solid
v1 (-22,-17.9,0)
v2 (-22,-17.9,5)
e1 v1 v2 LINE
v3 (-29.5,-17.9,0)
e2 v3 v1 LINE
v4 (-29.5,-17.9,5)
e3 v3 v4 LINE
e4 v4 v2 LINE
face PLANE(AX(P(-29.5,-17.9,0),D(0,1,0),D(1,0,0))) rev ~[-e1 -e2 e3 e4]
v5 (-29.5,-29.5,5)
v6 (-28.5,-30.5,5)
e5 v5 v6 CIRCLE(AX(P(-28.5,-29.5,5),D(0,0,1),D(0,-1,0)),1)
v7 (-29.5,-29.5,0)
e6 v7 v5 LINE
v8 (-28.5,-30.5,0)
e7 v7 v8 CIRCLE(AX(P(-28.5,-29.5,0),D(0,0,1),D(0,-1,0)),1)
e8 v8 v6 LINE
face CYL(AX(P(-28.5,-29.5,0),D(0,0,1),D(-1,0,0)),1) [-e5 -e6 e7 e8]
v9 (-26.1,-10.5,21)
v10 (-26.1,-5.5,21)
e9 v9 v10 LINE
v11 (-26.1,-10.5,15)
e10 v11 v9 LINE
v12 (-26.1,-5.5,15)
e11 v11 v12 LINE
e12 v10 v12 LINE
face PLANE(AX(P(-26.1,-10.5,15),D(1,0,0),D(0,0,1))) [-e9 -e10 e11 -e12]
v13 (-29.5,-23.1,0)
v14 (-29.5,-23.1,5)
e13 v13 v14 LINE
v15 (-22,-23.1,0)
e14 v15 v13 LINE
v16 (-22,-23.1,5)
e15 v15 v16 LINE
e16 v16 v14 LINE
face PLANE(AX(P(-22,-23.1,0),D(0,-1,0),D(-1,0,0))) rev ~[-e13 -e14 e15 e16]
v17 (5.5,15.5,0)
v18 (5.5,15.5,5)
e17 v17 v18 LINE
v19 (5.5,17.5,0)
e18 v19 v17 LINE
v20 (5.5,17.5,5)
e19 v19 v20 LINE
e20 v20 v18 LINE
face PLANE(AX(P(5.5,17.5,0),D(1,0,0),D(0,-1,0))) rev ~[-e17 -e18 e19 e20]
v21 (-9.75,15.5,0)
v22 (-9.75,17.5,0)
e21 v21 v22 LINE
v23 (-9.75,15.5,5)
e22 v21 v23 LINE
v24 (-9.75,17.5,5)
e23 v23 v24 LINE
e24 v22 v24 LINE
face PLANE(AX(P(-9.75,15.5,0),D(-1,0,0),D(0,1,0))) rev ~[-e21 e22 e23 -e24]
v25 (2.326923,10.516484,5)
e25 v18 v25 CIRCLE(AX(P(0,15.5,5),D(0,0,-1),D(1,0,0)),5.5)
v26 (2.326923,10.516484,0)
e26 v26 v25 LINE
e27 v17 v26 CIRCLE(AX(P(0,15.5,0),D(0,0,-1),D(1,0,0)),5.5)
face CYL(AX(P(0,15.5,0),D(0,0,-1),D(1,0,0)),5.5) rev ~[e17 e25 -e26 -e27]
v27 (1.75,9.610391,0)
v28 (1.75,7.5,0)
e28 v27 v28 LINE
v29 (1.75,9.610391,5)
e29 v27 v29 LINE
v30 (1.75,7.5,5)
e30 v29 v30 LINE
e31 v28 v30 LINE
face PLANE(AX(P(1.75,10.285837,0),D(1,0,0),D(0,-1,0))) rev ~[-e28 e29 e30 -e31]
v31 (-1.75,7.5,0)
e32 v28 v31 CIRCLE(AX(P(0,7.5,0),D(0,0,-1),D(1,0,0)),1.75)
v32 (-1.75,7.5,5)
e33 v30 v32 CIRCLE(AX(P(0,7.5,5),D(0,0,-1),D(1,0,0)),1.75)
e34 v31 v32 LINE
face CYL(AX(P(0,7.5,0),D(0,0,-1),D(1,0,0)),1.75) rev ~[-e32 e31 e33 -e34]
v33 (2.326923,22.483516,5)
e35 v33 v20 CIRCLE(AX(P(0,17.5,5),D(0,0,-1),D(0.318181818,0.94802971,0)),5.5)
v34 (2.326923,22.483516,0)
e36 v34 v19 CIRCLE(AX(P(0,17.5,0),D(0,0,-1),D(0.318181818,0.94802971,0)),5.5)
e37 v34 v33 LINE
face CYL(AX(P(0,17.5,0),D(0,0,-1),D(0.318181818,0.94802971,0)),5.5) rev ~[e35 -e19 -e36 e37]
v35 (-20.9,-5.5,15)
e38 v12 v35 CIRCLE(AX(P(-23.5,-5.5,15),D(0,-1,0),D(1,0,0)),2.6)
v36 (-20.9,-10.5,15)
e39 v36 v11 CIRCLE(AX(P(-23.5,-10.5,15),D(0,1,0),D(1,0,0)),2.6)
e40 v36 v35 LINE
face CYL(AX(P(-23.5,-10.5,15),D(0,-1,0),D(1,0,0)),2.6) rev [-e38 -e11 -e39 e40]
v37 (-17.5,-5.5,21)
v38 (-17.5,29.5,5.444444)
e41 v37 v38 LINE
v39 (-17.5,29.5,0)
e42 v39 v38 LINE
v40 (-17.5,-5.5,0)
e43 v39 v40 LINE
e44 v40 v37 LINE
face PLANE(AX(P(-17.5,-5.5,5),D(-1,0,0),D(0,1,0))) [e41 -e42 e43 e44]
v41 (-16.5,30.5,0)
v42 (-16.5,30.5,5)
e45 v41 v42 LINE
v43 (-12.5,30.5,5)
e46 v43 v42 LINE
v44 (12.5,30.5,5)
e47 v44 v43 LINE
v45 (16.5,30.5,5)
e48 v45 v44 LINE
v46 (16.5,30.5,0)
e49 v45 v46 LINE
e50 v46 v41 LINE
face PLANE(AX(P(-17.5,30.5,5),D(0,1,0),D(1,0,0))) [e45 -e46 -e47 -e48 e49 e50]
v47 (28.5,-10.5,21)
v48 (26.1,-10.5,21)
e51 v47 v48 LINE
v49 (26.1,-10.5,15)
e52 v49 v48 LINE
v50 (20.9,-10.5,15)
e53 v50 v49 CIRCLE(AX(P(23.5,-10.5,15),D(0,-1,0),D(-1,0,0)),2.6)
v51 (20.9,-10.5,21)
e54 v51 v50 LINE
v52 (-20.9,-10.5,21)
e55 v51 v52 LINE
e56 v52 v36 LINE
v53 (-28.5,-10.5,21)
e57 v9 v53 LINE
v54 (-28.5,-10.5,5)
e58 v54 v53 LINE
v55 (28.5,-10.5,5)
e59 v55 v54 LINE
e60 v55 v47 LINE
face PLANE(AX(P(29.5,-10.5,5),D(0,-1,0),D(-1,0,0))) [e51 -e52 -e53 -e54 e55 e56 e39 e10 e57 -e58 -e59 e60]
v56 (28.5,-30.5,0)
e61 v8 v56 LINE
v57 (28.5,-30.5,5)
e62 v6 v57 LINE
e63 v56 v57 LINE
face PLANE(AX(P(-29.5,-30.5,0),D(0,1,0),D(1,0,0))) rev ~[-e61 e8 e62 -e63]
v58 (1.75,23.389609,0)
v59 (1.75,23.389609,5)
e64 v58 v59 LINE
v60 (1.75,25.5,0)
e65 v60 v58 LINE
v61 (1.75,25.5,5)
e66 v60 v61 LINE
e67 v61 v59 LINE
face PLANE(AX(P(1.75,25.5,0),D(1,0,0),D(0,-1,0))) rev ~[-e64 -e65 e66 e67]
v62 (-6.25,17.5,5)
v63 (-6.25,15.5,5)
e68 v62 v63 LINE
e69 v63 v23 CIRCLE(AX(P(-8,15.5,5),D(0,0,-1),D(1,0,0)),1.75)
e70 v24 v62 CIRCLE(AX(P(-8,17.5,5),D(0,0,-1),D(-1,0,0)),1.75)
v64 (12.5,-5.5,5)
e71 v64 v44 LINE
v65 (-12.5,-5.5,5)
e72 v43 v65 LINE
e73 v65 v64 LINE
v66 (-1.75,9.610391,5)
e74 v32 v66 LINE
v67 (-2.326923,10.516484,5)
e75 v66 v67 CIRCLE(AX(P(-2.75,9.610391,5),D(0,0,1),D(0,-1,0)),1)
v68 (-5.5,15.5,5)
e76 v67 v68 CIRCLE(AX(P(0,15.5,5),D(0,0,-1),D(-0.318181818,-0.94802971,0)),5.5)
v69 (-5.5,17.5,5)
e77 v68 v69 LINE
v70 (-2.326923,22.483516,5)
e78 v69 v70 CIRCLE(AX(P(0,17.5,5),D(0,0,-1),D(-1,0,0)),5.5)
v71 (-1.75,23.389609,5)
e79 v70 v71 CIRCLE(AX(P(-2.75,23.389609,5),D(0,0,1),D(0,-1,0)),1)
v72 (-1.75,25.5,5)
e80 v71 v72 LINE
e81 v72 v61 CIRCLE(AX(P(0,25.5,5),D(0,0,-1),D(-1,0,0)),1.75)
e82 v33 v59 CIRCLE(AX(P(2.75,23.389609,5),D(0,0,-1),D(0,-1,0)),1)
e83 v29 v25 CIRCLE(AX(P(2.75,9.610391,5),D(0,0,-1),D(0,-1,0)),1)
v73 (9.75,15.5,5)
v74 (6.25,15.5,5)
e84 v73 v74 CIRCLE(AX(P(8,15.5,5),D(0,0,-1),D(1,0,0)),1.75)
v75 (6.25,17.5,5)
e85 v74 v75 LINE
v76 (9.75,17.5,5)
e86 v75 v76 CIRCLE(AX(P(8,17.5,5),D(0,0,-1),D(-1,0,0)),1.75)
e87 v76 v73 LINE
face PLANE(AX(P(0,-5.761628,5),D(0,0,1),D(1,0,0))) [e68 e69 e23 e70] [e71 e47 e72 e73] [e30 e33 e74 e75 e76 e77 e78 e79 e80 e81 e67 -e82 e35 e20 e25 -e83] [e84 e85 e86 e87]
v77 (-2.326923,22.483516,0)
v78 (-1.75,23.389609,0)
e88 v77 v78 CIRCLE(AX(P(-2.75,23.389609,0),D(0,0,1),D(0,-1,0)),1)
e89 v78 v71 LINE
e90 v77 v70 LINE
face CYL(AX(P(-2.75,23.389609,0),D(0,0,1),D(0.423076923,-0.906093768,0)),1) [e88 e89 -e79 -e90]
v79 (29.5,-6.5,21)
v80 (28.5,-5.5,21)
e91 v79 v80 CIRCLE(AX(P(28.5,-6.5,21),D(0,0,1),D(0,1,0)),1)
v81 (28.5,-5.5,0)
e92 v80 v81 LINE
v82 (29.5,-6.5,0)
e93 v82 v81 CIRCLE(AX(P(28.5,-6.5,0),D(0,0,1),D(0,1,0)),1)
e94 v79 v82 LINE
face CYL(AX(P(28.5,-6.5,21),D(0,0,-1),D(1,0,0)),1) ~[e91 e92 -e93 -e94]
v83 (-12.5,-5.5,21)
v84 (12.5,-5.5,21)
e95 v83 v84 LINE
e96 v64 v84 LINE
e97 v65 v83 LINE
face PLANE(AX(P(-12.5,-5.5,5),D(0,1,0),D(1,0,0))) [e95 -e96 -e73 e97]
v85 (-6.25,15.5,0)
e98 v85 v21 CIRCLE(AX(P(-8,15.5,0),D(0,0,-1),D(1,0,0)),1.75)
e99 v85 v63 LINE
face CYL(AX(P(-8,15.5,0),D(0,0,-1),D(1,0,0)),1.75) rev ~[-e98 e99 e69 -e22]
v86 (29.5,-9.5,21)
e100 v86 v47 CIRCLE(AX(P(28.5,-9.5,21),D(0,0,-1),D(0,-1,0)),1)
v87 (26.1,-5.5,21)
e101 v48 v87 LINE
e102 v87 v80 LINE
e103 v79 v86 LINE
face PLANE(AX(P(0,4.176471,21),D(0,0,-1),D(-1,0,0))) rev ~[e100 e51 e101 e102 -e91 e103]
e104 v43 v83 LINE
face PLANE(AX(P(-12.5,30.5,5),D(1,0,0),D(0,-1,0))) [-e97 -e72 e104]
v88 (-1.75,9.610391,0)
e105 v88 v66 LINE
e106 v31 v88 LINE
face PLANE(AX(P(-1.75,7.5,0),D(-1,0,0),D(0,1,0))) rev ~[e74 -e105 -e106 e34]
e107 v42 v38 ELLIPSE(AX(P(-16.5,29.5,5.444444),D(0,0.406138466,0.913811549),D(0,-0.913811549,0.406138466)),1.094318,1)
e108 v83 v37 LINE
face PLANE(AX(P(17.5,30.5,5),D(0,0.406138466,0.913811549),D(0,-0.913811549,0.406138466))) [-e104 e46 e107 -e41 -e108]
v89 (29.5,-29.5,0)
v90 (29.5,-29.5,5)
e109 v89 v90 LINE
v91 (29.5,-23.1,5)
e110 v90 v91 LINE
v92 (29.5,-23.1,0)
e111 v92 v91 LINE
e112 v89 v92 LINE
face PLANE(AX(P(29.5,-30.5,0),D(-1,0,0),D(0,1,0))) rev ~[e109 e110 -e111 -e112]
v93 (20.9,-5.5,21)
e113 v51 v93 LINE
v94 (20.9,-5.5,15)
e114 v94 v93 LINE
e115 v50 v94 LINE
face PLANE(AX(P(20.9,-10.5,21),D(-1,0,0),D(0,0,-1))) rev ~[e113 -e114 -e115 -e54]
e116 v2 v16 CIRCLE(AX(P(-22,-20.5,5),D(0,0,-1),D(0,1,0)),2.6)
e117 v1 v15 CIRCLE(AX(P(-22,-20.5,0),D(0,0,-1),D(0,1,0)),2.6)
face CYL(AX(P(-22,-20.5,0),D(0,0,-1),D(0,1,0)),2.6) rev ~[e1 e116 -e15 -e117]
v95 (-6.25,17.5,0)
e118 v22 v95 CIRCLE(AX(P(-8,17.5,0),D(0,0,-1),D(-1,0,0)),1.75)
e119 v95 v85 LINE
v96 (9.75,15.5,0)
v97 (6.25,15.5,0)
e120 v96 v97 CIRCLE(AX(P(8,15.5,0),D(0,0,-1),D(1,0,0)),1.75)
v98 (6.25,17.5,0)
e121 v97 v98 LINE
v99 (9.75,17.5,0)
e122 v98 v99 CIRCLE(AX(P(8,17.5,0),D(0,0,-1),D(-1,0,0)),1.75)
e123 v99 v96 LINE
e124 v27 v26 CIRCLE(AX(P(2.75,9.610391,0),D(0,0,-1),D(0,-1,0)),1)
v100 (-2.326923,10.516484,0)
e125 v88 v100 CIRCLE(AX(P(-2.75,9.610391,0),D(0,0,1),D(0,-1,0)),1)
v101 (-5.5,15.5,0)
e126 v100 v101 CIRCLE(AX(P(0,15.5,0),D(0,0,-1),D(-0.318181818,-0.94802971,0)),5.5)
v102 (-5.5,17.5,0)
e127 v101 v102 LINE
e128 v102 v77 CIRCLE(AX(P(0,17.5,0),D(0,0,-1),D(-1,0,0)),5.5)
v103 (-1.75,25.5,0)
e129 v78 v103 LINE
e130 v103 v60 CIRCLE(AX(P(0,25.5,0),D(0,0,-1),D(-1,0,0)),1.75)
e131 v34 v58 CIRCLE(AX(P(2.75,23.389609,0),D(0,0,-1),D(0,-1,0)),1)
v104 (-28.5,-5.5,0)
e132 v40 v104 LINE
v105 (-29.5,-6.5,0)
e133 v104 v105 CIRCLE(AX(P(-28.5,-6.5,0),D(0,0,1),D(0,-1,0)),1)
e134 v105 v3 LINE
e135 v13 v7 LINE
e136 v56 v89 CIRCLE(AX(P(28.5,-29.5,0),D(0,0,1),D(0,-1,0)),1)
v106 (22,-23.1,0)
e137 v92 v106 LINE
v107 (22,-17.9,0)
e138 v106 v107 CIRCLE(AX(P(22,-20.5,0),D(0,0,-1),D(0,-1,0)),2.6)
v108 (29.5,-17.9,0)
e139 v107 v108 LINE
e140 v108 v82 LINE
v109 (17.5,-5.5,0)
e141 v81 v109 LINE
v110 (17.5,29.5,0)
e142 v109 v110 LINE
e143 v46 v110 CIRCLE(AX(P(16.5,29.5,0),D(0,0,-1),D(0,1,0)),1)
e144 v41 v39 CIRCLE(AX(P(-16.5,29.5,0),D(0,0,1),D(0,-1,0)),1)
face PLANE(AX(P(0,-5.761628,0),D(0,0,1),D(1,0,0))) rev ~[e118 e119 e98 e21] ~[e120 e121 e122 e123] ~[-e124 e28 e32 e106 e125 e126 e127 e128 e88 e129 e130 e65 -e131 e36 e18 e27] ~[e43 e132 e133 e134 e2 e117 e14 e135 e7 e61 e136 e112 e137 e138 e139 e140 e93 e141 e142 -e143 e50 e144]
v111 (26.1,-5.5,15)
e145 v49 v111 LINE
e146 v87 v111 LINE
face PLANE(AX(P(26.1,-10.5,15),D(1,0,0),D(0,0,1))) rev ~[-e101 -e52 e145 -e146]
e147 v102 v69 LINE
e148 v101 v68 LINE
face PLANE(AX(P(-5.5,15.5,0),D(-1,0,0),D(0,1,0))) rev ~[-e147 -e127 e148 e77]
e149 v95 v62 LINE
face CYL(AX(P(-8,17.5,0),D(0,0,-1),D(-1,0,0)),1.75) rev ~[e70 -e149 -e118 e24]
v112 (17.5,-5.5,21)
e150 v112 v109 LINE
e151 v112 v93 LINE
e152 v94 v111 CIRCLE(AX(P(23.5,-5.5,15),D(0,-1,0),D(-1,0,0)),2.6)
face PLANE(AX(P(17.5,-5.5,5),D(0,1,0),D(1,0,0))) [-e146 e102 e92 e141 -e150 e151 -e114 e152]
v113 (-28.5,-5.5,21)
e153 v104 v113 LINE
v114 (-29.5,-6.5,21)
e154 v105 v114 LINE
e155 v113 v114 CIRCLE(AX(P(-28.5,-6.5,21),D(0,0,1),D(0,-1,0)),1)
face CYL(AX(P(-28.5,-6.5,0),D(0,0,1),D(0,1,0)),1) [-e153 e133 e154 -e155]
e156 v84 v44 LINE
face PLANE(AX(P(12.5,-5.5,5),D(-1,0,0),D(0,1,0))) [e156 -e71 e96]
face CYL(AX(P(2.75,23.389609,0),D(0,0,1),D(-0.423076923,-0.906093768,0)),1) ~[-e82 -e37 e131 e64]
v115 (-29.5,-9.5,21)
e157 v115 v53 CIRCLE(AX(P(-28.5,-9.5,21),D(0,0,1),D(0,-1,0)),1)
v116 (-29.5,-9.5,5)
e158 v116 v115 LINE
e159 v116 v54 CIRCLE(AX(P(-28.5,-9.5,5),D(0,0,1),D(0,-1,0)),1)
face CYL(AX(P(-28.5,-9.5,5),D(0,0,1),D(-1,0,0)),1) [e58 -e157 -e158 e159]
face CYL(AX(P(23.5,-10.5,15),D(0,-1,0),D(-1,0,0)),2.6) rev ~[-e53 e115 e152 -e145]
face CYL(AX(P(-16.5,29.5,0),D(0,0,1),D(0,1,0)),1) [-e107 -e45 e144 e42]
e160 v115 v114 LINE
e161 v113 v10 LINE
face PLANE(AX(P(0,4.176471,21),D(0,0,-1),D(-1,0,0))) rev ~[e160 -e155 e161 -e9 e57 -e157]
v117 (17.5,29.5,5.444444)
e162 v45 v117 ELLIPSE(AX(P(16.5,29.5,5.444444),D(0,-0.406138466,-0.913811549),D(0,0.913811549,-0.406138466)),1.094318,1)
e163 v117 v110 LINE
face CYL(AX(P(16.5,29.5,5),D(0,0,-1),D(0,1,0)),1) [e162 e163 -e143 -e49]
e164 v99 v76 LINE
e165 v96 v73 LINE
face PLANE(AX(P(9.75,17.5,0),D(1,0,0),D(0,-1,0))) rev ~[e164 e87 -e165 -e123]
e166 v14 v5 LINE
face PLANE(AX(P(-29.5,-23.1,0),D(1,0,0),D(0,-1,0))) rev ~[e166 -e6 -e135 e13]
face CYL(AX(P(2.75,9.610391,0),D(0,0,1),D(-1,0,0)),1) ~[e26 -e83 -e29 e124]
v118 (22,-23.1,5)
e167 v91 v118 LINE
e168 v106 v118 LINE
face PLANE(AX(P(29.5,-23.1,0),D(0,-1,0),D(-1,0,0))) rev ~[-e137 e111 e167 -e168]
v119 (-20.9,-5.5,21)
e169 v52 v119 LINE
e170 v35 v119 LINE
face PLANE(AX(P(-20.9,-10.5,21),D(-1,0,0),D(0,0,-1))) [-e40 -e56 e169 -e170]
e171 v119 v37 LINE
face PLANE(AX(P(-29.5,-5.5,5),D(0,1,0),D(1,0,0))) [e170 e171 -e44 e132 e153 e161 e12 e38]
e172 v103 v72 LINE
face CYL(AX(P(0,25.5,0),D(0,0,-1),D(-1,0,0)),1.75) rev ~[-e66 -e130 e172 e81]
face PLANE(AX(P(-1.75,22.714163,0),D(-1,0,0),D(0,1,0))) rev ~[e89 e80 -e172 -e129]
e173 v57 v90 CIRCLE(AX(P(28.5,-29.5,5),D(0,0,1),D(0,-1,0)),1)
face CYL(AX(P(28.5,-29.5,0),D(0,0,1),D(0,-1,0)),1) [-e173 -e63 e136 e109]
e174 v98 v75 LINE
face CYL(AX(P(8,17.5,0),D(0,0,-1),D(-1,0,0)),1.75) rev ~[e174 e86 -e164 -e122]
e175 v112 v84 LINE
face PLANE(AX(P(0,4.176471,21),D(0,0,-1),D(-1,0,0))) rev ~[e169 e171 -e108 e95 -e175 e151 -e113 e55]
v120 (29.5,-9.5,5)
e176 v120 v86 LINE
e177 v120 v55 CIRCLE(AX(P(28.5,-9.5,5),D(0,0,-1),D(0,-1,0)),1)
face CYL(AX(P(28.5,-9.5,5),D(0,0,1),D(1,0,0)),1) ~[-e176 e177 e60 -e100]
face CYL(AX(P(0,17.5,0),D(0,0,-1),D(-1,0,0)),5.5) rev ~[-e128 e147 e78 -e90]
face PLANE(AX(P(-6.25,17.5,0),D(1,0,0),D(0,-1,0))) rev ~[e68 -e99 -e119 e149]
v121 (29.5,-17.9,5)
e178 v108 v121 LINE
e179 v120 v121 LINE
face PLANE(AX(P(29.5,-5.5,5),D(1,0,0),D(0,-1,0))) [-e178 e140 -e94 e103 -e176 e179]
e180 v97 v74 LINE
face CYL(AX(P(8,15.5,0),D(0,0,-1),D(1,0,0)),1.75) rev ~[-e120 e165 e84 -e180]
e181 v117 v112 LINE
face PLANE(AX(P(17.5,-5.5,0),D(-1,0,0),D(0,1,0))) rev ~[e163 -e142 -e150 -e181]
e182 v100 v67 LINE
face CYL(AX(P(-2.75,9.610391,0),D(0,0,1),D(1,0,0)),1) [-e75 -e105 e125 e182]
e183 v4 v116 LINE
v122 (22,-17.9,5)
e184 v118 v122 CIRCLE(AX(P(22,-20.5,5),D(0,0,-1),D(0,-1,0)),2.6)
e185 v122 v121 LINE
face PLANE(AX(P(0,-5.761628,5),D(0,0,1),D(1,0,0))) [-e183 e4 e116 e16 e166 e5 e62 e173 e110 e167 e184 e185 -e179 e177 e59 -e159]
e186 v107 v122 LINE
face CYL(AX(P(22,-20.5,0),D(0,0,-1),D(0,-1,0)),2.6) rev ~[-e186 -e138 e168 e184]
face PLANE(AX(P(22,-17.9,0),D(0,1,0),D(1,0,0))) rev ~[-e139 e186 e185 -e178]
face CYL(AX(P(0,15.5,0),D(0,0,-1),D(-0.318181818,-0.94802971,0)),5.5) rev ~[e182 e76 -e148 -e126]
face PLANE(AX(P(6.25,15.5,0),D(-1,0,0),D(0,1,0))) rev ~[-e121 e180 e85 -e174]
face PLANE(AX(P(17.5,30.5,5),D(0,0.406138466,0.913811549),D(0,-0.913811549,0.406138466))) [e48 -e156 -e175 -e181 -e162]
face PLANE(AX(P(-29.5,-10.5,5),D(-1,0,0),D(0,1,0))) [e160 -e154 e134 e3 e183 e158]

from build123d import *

# Parameters (mm, degrees)
BOSS_EXTRUDE1_DEPTH = 5
BOSS_EXTRUDE2_DEPTH = 16
CUT_EXTRUDE1_DEPTH  = 60.835190315
CUT_EXTRUDE2_DEPTH  = 16
FILLET1_R           = 1
FILLET2_R           = 1


with BuildPart() as part:
    # Sketch1 → Boss-Extrude1 (new body)
    with BuildSketch(Plane.XY):
        with BuildLine():
            Line((-29.5, -23.1), (-29.5, -30.5))
            Line((-29.5, -30.5), (29.5, -30.5))
            Line((29.5, -30.5), (29.5, -23.1))
            Line((29.5, -23.1), (22, -23.1))
            ThreePointArc((22, -23.1), (19.4, -20.5), (22, -17.9))
            Line((22, -17.9), (29.5, -17.9))
            Line((29.5, -17.9), (29.5, -5.5))
            Line((29.5, -5.5), (17.5, -5.5))
            Line((17.5, -5.5), (17.5, 30.5))
            Line((17.5, 30.5), (-17.5, 30.5))
            Line((-17.5, 30.5), (-17.5, -5.5))
            Line((-17.5, -5.5), (-29.5, -5.5))
            Line((-29.5, -5.5), (-29.5, -17.9))
            Line((-29.5, -17.9), (-22, -17.9))
            ThreePointArc((-22, -17.9), (-19.4, -20.5), (-22, -23.1))
            Line((-22, -23.1), (-29.5, -23.1))
        make_face()
        with BuildLine():
            ThreePointArc((-9.75, 17.5), (-8, 19.25), (-6.25, 17.5))
            Line((-6.25, 17.5), (-6.25, 15.5))
            ThreePointArc((-6.25, 15.5), (-8, 13.75), (-9.75, 15.5))
            Line((-9.75, 15.5), (-9.75, 17.5))
        make_face(mode=Mode.SUBTRACT)
        with BuildLine():
            ThreePointArc((-1.75, 25.5), (0, 27.25), (1.75, 25.5))
            Line((1.75, 25.5), (1.75, 22.714163404))
            ThreePointArc((1.75, 22.714163404), (4.465142775, 20.711308145), (5.5, 17.5))
            Line((5.5, 17.5), (5.5, 15.5))
            ThreePointArc((5.5, 15.5), (4.465142775, 12.288691855), (1.75, 10.285836596))
            Line((1.75, 10.285836596), (1.75, 7.5))
            ThreePointArc((1.75, 7.5), (0, 5.75), (-1.75, 7.5))
            Line((-1.75, 7.5), (-1.75, 10.285836596))
            ThreePointArc((-1.75, 10.285836596), (-4.465142775, 12.288691855), (-5.5, 15.5))
            Line((-5.5, 15.5), (-5.5, 17.5))
            ThreePointArc((-5.5, 17.5), (-4.465142775, 20.711308145), (-1.75, 22.714163404))
            Line((-1.75, 22.714163404), (-1.75, 25.5))
        make_face(mode=Mode.SUBTRACT)
        with BuildLine():
            Line((6.25, 15.5), (6.25, 17.5))
            ThreePointArc((6.25, 17.5), (8, 19.25), (9.75, 17.5))
            Line((9.75, 17.5), (9.75, 15.5))
            ThreePointArc((9.75, 15.5), (8, 13.75), (6.25, 15.5))
        make_face(mode=Mode.SUBTRACT)
    extrude(amount=BOSS_EXTRUDE1_DEPTH)

    # Sketch2 → Boss-Extrude2 (add)
    with BuildSketch(Plane.XY.offset(5)):
        Polygon((-17.5, 30.5), (-12.5, 30.5), (-12.5, -5.5), (12.5, -5.5), (12.5, 30.5), (17.5, 30.5), (17.5, -5.5), (29.5, -5.5), (29.5, -10.5), (-29.5, -10.5), (-29.5, -5.5), (-17.5, -5.5), align=None)
    extrude(amount=BOSS_EXTRUDE2_DEPTH)

    # Sketch3 → Cut-Extrude1 (cut, through all)
    with BuildSketch(Plane(origin=(17.5, 0, 0), x_dir=(0, 0, -1), z_dir=(1, 0, 0))):
        Polygon((-21, -5.5), (-21, 30.5), (-5, 30.5), align=None)
    extrude(amount=-CUT_EXTRUDE1_DEPTH, mode=Mode.SUBTRACT)

    # Sketch4 → Cut-Extrude2 (cut)
    with BuildSketch(Plane.XZ.offset(10.5)):
        with BuildLine():
            Line((-26.1, 15), (-26.1, 21))
            Line((-26.1, 21), (-20.9, 21))
            Line((-20.9, 21), (-20.9, 15))
            ThreePointArc((-20.9, 15), (-23.5, 12.4), (-26.1, 15))
        make_face()
        with BuildLine():
            Line((20.9, 21), (20.9, 15))
            ThreePointArc((20.9, 15), (23.5, 12.4), (26.1, 15))
            Line((26.1, 15), (26.1, 21))
            Line((26.1, 21), (20.9, 21))
        make_face()
    extrude(amount=-CUT_EXTRUDE2_DEPTH, mode=Mode.SUBTRACT)

    # Fillet1
    fillet1_edges = [part.edges().sort_by_distance(p)[0] for p in [
        (-29.5, -10.5, 13),
        (29.5, -10.5, 13),
        (-17.5, 30.5, 2.5),
        (17.5, 30.5, 2.5),
        (29.5, -30.5, 2.5),
        (-29.5, -30.5, 2.5),
        (-29.5, -5.5, 10.5),
        (29.5, -5.5, 10.5),
    ]]
    fillet(fillet1_edges, radius=FILLET1_R)

    # Fillet2
    fillet2_edges = [part.edges().sort_by_distance(p)[0] for p in [
        (-1.75, 10.285836596, 2.5),
        (1.75, 10.285836596, 2.5),
        (1.75, 22.714163404, 2.5),
        (-1.75, 22.714163404, 2.5),
    ]]
    fillet(fillet2_edges, radius=FILLET2_R)


solid = part.part
